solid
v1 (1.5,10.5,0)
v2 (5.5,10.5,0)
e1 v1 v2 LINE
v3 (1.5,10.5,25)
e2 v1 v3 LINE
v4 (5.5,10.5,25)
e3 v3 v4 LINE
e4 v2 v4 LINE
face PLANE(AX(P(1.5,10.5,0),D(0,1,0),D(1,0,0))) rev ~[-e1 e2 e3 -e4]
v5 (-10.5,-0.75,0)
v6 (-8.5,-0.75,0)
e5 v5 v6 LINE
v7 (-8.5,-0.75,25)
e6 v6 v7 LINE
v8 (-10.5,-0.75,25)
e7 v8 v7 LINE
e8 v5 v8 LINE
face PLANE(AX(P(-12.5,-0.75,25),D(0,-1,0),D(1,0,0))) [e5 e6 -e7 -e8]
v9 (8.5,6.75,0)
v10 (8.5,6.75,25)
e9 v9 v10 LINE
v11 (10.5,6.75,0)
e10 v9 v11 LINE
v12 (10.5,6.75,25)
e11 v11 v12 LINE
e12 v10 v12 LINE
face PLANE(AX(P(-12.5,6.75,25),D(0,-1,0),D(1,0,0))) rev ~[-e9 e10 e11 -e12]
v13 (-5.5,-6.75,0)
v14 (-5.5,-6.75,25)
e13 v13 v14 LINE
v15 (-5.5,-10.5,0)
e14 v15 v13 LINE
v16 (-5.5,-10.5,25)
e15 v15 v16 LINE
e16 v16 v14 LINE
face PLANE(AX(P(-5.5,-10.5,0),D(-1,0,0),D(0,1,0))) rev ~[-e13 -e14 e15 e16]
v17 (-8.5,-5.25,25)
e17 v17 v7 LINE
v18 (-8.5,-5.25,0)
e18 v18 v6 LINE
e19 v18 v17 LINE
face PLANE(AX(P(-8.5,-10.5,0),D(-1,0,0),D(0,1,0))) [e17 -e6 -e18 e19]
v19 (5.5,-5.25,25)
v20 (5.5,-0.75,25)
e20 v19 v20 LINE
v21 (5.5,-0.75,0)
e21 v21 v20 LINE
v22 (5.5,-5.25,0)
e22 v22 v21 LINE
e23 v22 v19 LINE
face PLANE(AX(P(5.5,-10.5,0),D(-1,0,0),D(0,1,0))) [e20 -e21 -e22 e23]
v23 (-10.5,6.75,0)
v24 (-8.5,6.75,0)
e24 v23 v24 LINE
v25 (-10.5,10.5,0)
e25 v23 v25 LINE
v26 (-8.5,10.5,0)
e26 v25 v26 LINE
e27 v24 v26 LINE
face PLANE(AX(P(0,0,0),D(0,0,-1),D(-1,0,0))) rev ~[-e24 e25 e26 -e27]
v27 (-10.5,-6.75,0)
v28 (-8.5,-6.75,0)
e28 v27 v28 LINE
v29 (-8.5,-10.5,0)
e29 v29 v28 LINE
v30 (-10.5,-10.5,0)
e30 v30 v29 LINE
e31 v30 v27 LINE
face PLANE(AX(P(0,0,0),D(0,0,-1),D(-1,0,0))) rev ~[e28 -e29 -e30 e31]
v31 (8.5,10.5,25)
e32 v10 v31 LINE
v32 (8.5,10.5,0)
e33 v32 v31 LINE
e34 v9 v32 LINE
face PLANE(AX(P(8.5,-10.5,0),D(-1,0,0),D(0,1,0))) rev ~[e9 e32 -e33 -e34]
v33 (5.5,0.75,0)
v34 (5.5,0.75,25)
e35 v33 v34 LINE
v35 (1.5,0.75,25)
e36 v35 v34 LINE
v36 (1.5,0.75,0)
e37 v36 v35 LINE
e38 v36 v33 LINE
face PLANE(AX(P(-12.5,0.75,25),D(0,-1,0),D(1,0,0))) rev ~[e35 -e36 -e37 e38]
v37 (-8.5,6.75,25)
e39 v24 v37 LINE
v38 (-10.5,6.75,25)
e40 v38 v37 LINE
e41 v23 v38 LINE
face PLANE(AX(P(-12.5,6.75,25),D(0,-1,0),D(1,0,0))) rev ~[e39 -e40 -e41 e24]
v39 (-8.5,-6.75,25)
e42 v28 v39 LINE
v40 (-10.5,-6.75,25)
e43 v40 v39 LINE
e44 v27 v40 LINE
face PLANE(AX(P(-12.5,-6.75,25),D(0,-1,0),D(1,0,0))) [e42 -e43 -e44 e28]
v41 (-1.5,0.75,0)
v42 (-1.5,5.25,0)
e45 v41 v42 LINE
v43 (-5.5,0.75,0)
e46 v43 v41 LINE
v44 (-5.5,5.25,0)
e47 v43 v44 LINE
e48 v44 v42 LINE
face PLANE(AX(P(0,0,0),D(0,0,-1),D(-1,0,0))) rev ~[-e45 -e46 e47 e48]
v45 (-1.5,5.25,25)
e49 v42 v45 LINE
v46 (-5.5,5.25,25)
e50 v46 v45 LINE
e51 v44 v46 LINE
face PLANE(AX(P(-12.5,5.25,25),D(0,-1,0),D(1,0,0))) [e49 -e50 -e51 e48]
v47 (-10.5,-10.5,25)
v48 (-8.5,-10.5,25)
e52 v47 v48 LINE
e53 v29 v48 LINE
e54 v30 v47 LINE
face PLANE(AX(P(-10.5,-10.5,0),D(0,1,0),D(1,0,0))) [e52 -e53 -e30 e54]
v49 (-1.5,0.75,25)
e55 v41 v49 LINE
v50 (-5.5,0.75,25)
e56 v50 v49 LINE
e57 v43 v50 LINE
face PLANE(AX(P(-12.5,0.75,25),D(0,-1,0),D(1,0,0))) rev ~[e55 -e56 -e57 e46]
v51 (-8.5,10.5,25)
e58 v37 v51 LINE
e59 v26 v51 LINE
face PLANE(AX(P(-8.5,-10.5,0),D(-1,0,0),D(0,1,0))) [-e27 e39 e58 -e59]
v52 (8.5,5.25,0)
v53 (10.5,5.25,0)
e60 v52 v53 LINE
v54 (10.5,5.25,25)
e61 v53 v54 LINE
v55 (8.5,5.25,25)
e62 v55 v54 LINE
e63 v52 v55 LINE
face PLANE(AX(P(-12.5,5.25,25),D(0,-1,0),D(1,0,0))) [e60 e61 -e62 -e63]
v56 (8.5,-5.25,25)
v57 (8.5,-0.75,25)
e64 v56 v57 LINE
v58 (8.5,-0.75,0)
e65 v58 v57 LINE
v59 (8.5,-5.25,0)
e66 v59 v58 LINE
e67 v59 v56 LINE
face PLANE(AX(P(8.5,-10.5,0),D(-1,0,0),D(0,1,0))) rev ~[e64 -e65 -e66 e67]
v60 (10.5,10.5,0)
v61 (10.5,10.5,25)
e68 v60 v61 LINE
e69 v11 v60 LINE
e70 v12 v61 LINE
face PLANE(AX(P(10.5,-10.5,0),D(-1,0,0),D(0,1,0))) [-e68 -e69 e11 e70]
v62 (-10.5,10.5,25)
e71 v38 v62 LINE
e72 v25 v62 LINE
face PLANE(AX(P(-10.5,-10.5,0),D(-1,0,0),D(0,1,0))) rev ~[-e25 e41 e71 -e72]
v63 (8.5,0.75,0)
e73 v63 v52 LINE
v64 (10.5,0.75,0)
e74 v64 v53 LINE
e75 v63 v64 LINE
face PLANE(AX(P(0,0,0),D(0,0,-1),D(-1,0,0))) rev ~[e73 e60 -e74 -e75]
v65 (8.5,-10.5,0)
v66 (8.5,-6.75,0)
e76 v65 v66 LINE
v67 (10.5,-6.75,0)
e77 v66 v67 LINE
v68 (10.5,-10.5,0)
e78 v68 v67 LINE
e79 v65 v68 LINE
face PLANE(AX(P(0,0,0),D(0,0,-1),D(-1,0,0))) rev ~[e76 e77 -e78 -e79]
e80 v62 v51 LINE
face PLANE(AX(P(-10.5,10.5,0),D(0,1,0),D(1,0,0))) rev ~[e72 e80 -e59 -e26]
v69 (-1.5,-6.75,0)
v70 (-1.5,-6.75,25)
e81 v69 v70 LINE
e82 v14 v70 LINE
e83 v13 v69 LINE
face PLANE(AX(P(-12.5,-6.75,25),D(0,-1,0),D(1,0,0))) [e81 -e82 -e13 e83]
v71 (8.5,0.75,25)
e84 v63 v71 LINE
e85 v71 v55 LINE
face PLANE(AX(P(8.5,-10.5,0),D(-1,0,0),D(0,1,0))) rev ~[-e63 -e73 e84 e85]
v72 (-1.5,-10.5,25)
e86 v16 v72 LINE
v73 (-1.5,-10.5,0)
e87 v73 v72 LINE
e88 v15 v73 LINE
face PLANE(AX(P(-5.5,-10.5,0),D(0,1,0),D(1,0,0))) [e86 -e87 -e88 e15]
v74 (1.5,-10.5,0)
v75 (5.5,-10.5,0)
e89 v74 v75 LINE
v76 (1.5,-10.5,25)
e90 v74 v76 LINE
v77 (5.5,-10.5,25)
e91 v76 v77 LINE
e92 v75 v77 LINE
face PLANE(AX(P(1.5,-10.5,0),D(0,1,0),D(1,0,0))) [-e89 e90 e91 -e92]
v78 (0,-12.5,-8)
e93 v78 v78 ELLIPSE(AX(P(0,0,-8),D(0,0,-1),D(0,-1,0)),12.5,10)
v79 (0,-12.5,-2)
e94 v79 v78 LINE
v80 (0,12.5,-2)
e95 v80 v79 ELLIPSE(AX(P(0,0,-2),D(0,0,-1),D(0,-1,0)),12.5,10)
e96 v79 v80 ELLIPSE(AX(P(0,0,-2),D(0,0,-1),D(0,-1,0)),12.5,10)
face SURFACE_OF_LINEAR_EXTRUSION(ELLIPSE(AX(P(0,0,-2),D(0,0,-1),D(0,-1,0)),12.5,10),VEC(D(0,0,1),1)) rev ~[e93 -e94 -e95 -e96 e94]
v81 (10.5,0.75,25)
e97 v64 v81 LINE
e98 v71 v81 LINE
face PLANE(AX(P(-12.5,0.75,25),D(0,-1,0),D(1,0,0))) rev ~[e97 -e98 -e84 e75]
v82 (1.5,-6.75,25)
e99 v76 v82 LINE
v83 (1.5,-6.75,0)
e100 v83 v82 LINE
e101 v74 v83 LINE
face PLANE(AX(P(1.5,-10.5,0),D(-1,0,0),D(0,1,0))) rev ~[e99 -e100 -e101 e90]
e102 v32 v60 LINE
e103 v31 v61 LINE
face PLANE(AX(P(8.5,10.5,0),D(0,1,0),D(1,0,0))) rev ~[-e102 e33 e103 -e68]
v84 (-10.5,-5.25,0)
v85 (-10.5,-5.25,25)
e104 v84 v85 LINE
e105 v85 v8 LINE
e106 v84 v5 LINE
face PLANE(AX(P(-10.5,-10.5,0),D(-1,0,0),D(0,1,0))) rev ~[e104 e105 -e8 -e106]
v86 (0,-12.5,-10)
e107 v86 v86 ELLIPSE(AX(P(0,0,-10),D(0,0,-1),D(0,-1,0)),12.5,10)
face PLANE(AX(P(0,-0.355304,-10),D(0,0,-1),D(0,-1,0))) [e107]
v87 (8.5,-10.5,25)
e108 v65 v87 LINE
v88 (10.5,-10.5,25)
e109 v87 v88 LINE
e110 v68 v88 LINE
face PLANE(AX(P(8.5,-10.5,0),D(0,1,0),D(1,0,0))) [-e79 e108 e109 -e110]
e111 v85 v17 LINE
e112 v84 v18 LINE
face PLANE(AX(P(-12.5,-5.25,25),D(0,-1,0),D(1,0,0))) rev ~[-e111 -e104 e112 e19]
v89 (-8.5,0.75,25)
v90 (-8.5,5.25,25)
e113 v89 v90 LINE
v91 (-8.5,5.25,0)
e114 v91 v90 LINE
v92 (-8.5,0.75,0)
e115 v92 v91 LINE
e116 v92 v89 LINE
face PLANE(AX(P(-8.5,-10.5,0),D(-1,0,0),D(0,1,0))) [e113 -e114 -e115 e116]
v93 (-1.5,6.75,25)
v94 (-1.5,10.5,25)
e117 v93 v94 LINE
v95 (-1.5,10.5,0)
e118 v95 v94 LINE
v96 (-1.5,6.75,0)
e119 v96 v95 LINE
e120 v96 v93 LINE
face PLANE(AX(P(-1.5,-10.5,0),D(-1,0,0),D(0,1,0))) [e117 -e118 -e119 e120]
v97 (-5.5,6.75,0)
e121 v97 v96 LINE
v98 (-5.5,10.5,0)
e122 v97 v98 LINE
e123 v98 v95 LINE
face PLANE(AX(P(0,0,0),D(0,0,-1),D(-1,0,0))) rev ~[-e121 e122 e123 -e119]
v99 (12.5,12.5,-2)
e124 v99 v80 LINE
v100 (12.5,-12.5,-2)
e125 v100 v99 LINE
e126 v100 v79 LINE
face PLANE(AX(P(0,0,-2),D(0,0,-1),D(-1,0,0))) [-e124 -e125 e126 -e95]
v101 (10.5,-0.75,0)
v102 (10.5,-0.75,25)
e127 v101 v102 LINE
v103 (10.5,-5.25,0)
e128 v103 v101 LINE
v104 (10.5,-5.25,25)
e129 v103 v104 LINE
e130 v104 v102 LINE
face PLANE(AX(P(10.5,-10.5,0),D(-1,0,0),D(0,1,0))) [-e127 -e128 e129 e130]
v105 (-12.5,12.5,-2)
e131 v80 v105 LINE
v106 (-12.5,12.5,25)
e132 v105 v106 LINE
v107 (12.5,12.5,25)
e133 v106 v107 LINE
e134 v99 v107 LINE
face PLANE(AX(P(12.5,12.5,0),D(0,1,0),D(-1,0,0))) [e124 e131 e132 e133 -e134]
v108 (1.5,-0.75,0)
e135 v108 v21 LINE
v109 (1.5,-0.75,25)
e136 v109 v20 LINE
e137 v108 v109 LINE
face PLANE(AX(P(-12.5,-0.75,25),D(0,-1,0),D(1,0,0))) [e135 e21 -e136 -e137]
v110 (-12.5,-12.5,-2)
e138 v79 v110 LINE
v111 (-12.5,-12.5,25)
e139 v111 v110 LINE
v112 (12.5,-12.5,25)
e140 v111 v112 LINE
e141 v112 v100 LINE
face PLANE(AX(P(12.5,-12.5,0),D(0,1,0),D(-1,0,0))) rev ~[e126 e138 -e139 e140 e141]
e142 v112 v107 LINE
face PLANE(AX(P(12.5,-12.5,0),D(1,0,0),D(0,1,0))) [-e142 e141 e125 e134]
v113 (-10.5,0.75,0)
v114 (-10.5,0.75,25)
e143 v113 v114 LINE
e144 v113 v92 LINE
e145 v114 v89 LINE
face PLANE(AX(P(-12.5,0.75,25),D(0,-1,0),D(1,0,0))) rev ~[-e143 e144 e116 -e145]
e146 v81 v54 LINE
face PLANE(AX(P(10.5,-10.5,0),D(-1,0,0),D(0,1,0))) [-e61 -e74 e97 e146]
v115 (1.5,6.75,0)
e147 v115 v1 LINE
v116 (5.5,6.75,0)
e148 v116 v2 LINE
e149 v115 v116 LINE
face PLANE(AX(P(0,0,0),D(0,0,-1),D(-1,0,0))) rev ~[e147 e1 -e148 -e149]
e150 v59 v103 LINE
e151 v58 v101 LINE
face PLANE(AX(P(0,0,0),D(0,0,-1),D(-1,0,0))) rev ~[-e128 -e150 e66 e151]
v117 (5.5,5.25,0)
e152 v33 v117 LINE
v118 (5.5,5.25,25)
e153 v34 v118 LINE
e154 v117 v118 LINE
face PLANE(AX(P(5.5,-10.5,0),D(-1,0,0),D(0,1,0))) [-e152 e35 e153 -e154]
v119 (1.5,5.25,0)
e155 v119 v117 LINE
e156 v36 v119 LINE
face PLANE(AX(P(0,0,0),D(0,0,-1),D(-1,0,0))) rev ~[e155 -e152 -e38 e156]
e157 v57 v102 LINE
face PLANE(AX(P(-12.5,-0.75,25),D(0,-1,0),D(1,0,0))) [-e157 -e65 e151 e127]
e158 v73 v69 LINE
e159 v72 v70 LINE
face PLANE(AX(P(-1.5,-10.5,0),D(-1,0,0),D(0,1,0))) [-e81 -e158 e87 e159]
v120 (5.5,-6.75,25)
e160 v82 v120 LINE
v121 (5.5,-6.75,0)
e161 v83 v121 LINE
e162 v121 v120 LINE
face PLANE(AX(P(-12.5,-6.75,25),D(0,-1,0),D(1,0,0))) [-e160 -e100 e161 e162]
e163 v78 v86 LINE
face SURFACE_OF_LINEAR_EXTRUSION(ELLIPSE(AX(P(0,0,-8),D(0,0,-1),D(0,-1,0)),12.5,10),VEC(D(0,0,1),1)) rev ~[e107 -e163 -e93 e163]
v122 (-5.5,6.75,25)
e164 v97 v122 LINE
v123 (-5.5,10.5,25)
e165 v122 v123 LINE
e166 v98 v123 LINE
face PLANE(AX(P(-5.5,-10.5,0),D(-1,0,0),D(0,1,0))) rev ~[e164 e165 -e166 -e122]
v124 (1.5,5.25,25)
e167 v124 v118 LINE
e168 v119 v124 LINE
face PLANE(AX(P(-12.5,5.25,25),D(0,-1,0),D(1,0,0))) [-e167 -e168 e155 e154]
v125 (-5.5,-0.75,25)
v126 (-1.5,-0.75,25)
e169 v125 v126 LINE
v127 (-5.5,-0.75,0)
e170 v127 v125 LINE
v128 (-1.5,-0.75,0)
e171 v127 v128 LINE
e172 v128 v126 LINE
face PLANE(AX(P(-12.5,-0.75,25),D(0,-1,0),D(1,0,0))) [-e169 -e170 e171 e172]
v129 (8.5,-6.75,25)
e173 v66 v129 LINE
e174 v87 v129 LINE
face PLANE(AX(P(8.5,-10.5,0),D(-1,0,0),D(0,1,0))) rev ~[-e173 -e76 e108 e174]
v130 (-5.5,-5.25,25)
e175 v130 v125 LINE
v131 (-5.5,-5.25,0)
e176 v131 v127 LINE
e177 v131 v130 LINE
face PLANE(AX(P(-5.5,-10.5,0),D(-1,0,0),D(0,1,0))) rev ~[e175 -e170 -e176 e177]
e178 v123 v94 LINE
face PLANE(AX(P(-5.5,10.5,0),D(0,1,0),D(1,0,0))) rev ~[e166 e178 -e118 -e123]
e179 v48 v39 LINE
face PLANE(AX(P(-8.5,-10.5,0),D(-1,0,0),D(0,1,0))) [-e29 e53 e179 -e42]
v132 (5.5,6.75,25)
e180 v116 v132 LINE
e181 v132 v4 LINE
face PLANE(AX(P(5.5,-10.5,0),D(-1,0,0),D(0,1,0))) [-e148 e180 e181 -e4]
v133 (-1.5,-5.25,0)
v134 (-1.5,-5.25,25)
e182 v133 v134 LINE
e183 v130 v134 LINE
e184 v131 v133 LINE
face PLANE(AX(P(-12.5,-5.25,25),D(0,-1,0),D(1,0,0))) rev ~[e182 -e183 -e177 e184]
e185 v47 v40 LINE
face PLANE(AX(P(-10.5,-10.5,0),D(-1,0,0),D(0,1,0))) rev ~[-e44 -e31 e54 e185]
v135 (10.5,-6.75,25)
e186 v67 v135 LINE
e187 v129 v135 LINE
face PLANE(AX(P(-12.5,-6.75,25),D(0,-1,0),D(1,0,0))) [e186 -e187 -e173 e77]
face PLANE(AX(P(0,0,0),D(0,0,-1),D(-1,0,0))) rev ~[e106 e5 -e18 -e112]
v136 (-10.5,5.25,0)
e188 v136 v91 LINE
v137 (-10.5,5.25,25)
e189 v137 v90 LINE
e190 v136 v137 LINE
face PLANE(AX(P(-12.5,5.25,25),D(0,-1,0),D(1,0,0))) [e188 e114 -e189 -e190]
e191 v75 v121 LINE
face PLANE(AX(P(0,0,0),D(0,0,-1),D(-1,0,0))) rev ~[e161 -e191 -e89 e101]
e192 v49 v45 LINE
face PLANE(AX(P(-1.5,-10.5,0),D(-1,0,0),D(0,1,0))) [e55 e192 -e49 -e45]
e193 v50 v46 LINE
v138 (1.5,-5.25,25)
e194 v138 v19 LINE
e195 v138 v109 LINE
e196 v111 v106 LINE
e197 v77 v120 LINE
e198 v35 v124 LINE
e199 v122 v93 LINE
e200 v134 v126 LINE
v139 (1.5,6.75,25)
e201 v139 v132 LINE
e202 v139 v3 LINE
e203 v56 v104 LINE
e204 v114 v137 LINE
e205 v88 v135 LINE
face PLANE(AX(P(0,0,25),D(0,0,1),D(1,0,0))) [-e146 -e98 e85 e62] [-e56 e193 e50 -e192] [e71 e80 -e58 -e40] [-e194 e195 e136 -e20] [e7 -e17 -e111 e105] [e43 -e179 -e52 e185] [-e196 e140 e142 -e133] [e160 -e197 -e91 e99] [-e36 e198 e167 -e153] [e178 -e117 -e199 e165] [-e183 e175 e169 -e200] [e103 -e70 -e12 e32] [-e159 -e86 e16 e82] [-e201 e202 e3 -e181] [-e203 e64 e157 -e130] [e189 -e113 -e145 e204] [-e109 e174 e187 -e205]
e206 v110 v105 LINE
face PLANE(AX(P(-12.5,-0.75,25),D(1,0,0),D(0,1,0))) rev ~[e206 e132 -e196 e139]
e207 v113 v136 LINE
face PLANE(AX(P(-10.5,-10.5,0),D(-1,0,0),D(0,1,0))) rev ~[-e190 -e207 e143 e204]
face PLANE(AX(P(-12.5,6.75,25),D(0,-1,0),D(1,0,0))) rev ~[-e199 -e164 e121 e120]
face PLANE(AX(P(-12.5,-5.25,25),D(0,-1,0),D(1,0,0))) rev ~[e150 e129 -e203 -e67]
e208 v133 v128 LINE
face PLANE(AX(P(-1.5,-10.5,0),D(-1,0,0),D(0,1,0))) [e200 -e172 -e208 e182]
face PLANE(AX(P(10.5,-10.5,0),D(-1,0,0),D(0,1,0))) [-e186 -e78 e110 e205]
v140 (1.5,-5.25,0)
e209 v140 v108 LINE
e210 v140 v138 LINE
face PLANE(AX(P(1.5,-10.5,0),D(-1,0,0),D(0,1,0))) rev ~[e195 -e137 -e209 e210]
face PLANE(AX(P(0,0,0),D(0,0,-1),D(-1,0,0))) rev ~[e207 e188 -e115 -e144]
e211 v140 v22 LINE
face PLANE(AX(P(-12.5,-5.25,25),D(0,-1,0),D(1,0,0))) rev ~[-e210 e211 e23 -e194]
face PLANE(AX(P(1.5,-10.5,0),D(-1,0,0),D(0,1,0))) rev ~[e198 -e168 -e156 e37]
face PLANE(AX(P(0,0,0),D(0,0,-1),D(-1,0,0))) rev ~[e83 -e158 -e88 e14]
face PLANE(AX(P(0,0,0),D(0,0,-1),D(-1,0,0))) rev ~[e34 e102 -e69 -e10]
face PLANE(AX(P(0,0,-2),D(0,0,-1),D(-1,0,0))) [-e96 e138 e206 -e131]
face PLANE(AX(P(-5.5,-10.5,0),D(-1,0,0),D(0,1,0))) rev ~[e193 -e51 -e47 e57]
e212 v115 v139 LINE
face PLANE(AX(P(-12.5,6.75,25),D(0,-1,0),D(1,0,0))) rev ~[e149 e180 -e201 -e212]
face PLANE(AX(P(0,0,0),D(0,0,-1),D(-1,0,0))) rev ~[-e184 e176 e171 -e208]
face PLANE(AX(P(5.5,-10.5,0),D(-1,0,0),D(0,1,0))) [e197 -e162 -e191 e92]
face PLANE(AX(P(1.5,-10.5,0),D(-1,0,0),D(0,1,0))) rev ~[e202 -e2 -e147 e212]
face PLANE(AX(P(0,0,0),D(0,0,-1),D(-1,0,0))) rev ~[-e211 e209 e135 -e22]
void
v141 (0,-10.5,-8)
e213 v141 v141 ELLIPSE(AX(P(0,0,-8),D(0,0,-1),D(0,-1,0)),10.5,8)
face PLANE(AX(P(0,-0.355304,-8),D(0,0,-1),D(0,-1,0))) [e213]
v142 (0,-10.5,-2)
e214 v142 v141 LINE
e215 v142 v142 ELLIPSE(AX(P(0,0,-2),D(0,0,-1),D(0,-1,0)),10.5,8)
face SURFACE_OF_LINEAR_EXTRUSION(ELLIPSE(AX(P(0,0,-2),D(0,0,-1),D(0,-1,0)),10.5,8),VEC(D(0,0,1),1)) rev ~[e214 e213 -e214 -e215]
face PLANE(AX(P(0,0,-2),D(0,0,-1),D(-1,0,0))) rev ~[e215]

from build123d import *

# Parameters (mm, degrees)
SKETCH_8_W       = 25
SKETCH_8_H       = 25
SKETCH_8_W_2     = 4
SKETCH_8_H_2     = 21
SKETCH_8_W_3     = 2
EXTRUDE_7_DEPTH  = 25
SKETCH_9_W       = 25
SKETCH_9_H       = 25
EXTRUDE_8_DEPTH  = 2
SKETCH_14_W      = 25
SKETCH_14_H      = 1.5
EXTRUDE_11_DEPTH = 25
SKETCH_16_RX     = 12.5
SKETCH_16_RY     = 10
SKETCH_16_RX_2   = 10.5
SKETCH_16_RY_2   = 8
EXTRUDE_14_DEPTH = 6
SKETCH_22_RX     = 12.5
SKETCH_22_RY     = 10
EXTRUDE_18_DEPTH = 2


with BuildPart() as part:
    # 草图8 → 凸台-拉伸7 (new body)
    with BuildSketch(Plane.XY):
        Rectangle(SKETCH_8_W, SKETCH_8_H)
        with Locations((3.5, 0)):
            Rectangle(SKETCH_8_W_2, SKETCH_8_H_2, mode=Mode.SUBTRACT)
        with Locations((-3.5, 0)):
            Rectangle(SKETCH_8_W_2, SKETCH_8_H_2, mode=Mode.SUBTRACT)
        with Locations((-9.5, 0)):
            Rectangle(SKETCH_8_W_3, SKETCH_8_H_2, mode=Mode.SUBTRACT)
        with Locations((9.5, 0)):
            Rectangle(SKETCH_8_W_3, SKETCH_8_H_2, mode=Mode.SUBTRACT)
    extrude(amount=EXTRUDE_7_DEPTH)

    # 草图9 → 凸台-拉伸8 (add)
    with BuildSketch(Plane(origin=(0, 0, 0), x_dir=(-1, 0, 0), z_dir=(0, 0, -1))):
        Rectangle(SKETCH_9_W, SKETCH_9_H)
    extrude(amount=EXTRUDE_8_DEPTH)

    # 草图14 → 凸台-拉伸11 (add)
    with BuildSketch(Plane.XY.offset(25)):
        Rectangle(SKETCH_14_W, SKETCH_14_H)
        with Locations((0, 6)):
            Rectangle(SKETCH_14_W, SKETCH_14_H)
        with Locations((0, -6)):
            Rectangle(SKETCH_14_W, SKETCH_14_H)
    extrude(amount=-EXTRUDE_11_DEPTH)

    # 草图16 → 凸台-拉伸14 (add)
    with BuildSketch(Plane(origin=(0, 0, -2), x_dir=(-1, 0, 0), z_dir=(0, 0, -1))):
        with Locations(Location((0, 0), (0, 0, -90))):
            Ellipse(SKETCH_16_RX, SKETCH_16_RY)
        with Locations(Location((0, 0), (0, 0, -90))):
            Ellipse(SKETCH_16_RX_2, SKETCH_16_RY_2, mode=Mode.SUBTRACT)
    extrude(amount=EXTRUDE_14_DEPTH)

    # 草图22 → 凸台-拉伸18 (add)
    with BuildSketch(Plane(origin=(0, 0, -8), x_dir=(-1, 0, 0), z_dir=(0, 0, -1))):
        with Locations(Location((0, 0), (0, 0, -90))):
            Ellipse(SKETCH_22_RX, SKETCH_22_RY)
    extrude(amount=EXTRUDE_18_DEPTH)


solid = part.part
